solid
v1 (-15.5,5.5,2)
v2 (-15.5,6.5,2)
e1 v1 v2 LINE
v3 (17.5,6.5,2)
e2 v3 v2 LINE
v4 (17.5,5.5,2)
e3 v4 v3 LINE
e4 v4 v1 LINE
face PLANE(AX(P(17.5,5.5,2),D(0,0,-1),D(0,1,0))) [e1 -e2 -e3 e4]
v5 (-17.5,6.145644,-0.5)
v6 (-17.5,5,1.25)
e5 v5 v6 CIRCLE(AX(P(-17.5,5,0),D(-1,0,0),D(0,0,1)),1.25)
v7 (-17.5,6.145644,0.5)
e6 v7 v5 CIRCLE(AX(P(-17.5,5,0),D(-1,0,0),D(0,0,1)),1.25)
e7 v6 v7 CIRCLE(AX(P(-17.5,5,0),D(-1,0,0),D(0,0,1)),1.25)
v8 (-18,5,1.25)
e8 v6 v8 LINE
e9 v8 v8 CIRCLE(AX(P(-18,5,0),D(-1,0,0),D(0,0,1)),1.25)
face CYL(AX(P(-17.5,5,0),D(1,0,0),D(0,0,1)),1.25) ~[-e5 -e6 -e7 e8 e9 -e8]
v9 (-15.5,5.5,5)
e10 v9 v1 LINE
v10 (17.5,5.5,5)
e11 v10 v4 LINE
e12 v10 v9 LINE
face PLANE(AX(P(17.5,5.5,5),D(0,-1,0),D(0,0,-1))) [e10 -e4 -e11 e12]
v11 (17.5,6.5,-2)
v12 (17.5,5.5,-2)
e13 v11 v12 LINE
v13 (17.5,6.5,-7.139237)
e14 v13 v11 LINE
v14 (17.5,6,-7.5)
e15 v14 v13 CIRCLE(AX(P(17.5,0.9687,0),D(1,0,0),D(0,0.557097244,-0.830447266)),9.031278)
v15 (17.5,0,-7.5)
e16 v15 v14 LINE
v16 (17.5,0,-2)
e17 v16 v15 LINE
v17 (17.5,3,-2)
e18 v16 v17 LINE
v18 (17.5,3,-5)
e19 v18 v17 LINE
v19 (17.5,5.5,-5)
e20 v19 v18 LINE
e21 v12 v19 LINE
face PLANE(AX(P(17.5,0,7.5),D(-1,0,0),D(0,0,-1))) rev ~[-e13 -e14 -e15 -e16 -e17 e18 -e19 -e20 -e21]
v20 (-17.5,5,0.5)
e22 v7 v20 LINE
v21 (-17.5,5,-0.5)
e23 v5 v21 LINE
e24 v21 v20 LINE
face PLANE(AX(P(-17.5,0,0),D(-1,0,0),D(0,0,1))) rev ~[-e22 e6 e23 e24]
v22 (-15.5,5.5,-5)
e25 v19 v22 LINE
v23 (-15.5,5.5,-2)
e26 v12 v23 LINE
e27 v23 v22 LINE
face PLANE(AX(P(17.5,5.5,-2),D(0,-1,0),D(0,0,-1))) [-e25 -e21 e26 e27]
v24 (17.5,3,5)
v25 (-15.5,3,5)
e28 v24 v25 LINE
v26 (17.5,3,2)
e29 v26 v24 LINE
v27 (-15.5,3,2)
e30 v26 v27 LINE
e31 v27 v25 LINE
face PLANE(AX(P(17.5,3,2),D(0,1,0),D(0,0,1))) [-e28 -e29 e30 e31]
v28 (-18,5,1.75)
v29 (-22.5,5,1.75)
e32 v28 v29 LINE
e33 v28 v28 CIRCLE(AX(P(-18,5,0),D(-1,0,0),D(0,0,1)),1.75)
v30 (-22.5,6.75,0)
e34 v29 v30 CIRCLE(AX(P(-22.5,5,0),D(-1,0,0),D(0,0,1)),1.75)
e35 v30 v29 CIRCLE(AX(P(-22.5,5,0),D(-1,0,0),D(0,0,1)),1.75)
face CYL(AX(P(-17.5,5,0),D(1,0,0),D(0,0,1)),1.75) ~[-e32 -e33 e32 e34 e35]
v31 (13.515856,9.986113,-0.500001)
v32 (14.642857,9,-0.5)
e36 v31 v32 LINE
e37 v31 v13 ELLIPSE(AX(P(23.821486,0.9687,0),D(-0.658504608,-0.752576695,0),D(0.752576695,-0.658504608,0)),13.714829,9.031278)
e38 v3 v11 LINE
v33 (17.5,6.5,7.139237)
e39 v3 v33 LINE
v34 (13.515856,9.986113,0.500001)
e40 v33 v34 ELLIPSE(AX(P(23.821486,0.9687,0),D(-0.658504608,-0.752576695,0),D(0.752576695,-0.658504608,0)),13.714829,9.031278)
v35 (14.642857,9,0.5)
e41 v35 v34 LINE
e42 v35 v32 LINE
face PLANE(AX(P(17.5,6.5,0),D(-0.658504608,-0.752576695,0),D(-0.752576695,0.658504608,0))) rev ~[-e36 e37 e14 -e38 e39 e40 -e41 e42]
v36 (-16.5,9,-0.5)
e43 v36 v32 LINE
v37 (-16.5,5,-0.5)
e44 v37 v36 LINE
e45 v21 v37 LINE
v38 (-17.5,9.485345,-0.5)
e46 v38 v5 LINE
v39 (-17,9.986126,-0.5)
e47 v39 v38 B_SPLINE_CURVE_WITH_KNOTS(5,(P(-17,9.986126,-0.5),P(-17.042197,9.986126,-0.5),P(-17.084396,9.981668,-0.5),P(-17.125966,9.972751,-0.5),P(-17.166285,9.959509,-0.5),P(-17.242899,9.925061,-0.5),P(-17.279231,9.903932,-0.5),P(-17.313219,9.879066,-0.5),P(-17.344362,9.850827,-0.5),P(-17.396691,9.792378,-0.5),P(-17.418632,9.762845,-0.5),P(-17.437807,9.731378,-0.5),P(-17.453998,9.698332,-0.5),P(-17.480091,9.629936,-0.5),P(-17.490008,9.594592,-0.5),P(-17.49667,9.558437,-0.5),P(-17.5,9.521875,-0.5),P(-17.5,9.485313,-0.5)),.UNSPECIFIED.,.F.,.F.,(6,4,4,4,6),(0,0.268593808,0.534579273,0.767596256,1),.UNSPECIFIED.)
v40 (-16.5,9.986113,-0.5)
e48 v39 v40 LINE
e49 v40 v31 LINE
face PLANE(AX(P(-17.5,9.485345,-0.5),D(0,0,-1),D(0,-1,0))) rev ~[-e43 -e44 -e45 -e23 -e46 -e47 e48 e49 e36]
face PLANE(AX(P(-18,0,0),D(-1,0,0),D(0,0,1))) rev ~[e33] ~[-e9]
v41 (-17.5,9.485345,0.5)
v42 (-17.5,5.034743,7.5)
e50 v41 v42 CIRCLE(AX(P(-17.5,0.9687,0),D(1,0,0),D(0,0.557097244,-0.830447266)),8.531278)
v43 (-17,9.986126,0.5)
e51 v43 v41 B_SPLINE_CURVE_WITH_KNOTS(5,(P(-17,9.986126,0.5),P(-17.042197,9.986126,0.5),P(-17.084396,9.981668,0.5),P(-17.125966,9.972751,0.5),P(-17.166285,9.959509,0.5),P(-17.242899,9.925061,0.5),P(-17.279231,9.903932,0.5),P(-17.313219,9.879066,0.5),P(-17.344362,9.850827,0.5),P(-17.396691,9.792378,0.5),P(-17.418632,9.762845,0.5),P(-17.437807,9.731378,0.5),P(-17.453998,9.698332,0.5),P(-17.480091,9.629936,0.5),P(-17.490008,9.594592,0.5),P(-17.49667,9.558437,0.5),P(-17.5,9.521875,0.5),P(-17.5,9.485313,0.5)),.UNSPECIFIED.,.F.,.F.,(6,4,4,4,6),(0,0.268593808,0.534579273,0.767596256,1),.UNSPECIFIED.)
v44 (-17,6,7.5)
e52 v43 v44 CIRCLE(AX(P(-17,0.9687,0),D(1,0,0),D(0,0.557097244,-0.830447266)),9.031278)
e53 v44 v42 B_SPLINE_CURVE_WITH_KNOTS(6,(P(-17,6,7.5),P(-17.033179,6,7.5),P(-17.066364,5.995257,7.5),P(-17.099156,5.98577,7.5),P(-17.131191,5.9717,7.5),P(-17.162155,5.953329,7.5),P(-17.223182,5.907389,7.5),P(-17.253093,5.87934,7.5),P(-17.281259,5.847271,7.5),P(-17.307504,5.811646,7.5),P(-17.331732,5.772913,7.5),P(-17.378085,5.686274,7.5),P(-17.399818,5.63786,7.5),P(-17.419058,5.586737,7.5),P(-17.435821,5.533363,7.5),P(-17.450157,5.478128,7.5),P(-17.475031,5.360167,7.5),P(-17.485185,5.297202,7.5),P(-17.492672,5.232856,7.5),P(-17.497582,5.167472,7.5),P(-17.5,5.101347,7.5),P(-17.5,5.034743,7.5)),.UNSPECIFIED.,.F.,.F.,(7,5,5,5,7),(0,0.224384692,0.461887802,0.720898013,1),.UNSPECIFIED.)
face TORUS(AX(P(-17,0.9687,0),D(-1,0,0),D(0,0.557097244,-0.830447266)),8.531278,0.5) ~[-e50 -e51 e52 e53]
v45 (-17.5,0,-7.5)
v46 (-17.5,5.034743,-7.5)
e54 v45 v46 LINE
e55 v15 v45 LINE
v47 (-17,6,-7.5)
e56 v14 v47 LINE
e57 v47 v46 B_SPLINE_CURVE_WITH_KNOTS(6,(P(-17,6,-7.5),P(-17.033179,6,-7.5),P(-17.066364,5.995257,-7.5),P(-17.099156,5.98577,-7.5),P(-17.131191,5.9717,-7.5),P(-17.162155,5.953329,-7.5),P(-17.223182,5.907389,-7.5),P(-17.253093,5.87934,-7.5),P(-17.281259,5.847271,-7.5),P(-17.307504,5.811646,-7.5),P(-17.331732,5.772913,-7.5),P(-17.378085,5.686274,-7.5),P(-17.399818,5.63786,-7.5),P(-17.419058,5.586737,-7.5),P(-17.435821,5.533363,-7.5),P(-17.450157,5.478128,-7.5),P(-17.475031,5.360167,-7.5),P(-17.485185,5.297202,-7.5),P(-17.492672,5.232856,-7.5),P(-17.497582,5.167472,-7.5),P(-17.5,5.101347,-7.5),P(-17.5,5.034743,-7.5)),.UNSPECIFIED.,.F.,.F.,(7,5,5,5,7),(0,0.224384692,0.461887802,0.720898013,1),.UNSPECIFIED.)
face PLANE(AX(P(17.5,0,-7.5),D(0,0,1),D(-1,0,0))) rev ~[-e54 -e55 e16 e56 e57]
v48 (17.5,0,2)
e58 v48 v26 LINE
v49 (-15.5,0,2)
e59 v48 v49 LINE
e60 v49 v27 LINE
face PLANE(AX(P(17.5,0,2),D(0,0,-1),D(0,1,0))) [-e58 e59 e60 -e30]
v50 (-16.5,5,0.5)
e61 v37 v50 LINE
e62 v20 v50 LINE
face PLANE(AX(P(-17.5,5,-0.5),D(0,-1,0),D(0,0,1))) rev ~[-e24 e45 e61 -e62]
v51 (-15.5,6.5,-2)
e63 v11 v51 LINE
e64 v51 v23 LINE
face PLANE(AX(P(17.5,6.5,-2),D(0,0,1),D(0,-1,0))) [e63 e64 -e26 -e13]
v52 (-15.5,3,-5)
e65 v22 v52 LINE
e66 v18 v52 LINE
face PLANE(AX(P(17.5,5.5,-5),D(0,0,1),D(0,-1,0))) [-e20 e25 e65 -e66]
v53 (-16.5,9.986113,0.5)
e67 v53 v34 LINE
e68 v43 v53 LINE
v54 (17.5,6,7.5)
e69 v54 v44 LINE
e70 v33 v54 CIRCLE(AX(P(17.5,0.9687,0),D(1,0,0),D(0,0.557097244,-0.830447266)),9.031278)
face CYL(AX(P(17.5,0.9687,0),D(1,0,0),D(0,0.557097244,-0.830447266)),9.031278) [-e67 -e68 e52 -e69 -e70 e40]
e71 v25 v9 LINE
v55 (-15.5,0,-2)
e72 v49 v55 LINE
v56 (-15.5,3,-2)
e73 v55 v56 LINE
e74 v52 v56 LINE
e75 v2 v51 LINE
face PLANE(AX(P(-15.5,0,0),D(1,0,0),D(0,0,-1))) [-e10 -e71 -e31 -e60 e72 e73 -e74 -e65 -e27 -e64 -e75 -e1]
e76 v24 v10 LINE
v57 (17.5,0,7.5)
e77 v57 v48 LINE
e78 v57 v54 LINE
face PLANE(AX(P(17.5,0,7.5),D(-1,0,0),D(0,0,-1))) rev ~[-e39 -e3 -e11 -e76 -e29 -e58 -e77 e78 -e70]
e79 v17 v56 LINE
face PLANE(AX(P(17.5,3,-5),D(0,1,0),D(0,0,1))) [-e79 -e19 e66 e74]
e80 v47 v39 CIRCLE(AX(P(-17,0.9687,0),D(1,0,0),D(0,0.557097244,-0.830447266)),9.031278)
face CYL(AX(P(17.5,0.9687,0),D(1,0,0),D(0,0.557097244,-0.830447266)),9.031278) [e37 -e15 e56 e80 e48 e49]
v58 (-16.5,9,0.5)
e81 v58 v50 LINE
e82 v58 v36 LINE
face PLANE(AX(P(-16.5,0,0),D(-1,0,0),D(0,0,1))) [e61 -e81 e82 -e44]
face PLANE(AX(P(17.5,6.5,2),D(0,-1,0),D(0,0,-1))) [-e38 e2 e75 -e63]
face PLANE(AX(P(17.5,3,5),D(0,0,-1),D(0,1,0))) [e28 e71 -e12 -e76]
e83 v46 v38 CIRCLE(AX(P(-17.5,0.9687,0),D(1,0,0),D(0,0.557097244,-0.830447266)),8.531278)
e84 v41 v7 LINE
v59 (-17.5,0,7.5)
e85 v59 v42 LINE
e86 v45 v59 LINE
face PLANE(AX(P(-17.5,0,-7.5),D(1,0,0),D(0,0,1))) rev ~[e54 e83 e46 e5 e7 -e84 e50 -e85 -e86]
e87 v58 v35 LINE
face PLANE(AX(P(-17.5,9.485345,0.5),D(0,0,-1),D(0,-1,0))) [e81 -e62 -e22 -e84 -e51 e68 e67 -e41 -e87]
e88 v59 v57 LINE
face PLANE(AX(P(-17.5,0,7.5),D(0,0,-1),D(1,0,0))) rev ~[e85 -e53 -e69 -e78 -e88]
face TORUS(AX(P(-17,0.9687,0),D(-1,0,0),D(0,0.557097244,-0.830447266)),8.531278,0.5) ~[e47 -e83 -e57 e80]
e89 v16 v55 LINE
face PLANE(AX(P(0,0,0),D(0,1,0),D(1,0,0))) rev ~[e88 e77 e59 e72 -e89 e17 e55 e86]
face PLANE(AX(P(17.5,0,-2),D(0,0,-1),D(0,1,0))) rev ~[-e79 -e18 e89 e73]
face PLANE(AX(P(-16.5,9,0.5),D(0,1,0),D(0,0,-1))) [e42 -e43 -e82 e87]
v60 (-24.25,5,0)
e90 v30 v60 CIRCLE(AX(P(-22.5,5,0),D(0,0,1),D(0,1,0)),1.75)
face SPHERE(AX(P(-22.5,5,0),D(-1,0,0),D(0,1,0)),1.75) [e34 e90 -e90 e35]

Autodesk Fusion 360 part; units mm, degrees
sketch "Sketch1" plane through (0, 0, 0) normal (0, 1, 0) x (1, 0, 0)
  line L0 (17.5, 7.5) -> (-17.5, 7.5)
  line L1 (-17.5, 7.5) -> (-17.5, -7.5)
  line L2 (-17.5, -7.5) -> (17.5, -7.5)
  line L3 (17.5, -7.5) -> (17.5, 7.5)
  line L4 (17.5, 7.5) -> (-17.5, -7.5) construction
  line L5 (-17.5, 7.5) -> (17.5, -7.5) construction
  dimension "d3" = 35
  dimension "d4" = 15
extrude "Extrude1" add sketch "Sketch1" along normal blind 10
sketch "Sketch2" plane through (17.5, 0, 0) normal (1, 0, 0) x (0, 0, -1)
  line L0 (-7.5, 0) -> (7.5, 0)
  line L1 (7.5, 0) -> (7.5, 10)
  line L2 (7.5, 10) -> (-7.5, 10)
  line L3 (-7.5, 10) -> (-7.5, 0)
  line L4 (-2, 0) -> (2, 0)
  line L5 (-2, 0) -> (-2, 3)
  line L6 (2, 0) -> (2, 3)
  line L7 (-2, 3) -> (-5, 3)
  line L8 (-5, 3) -> (-5, 5.5)
  line L9 (-5, 5.5) -> (-2, 5.5)
  line L10 (-2, 5.5) -> (-2, 6.5)
  line L11 (-2, 6.5) -> (2, 6.5)
  line L12 (2, 6.5) -> (2, 5.5)
  line L13 (2, 5.5) -> (5, 5.5)
  line L14 (5, 5.5) -> (5, 3)
  line L15 (5, 3) -> (2, 3)
  arc A0 (7.5, 6) -> (-7.5, 6) centre (0, 0.9687) ccw
  line L16 (-7.5, 6) -> (-7.5, 10)
  line L17 (7.5, 6) -> (7.5, 10)
  line L18 (7.5, 10) -> (-7.5, 10)
  dimension "d7" = 4
  dimension "d8" = 3
  dimension "d9" = 3
  dimension "d10" = 3
  dimension "d11" = 2.5
  dimension "d12" = 3
  dimension "d13" = 1
  dimension "d14" = 4
  dimension "d15" = 1
  dimension "d16" = 3
  dimension "d17" = 2.5
  dimension "d18" = 3
  dimension "d23" = 15
  dimension "d24" = 6
extrude "Extrude2" cut sketch "Sketch2" against normal blind 33 contours L0 L4 L5 L6 L7 L8 L9 L10 L11 L12 L13 L14 L15
extrude "Extrude3" cut sketch "Sketch2" against normal blind 35 contours L2 L3 A0 L16 L18 | L1 L2 A0 L17 L18
sketch "Sketch3" plane through (0, 0, 0) normal (0, 0, 1) x (1, 0, 0)
  line L0 (17.5, 6.5) -> (13.5, 10)
  line L1 (13.5, 10) -> (17.5, 10)
  line L2 (17.5, 10) -> (17.5, 6.5)
  point P0 (17.5, 0)
  dimension "d28" = 6.5
extrude "Extrude4" cut sketch "Sketch3" along normal blind 7.5 and the other way blind 7.5
fillet "Fillet1" radius 0.5 1 edges at (-17.5, 10, 0)
sketch "Sketch4" plane through (-17.5, 0, 0) normal (-1, 0, 0) x (0, 0, 1)
  arc A0 (7.5, 5.0347) -> (-7.5, 5.0347) centre (0, 0.9688) ccw
  line L0 (-7.5, 5.0347) -> (-7.5, 0)
  line L1 (-7.5, 0) -> (7.5, 0)
  line L2 (7.5, 0) -> (7.5, 5.0347)
  circle A1 centre (0, 5) radius 1.75
  circle A2 centre (0, 5) radius 1.25
  dimension "d36" = 3.5
  dimension "d38" = 2.5
extrude "Extrude5" add sketch "Sketch4" along normal blind 5 contours A1 | A2
extrude "Extrude6" cut sketch "Sketch4" along normal blind 0.5 contours A1
sketch "Sketch6" plane through (0, 0, 0) normal (0, 0, 1) x (1, 0, 0)
  line L0 (-22.5, 6.75) -> (-22.5, 5)
  line L1 (-22.5, 5) -> (-24.25, 5)
  arc A0 (-22.5, 6.75) -> (-24.25, 5) centre (-22.5, 5) ccw
  dimension "d46" = 1.75
revolve "Revolve1" add sketch "Sketch6" angle 360 about axis through (-22.5, 5, 0) along (-1, 0, 0)
sketch "Sketch7" plane through (-17.5, 0, 0) normal (-1, 0, 0) x (0, 0, 1)
  circle A0 centre (0, 5) radius 1.25
  arc A1 (7.5, 5.0347) -> (-7.5, 5.0347) centre (0, 0.9688) ccw
  line L0 (-7.5, 5.0347) -> (-7.5, 0)
  line L1 (-7.5, 0) -> (7.5, 0)
  line L2 (7.5, 0) -> (7.5, 5.0347)
  line L3 (-0.5, 10) -> (-0.5, 5)
  line L4 (-0.5, 10) -> (0.5, 10)
  line L5 (0.5, 10) -> (0.5, 5)
  line L6 (-0.5, 5) -> (0.5, 5)
  dimension "d48" = 1
  dimension "d49" = 5
extrude "Extrude7" cut sketch "Sketch7" against normal blind 1 contours A0 L3 L5 L6 | A0 A1 L3 L5 | A1 L3 L4 L5 picked at (0, 5.4167)
sketch "Sketch8" plane through (-16.5, 0, 0) normal (-1, 0, 0) x (0, 0, 1)
  arc A0 (0.5, 9.9861) -> (-0.5, 9.9861) centre (0, 0.9687) ccw
  line L0 (-0.5, 9.9861) -> (-0.5, 5)
  line L1 (-0.5, 5) -> (0.5, 5)
  line L2 (0.5, 5) -> (0.5, 9.9861)
  line L3 (-0.5, 10) -> (0.5, 10)
  line L4 (0.5, 10) -> (0.5, 9)
  line L5 (0.5, 9) -> (-0.5, 9)
  line L6 (-0.5, 9) -> (-0.5, 10)
extrude "Extrude8" cut sketch "Sketch8" against normal blind 35 contours A0 L0 L2 L4 L5 L6
